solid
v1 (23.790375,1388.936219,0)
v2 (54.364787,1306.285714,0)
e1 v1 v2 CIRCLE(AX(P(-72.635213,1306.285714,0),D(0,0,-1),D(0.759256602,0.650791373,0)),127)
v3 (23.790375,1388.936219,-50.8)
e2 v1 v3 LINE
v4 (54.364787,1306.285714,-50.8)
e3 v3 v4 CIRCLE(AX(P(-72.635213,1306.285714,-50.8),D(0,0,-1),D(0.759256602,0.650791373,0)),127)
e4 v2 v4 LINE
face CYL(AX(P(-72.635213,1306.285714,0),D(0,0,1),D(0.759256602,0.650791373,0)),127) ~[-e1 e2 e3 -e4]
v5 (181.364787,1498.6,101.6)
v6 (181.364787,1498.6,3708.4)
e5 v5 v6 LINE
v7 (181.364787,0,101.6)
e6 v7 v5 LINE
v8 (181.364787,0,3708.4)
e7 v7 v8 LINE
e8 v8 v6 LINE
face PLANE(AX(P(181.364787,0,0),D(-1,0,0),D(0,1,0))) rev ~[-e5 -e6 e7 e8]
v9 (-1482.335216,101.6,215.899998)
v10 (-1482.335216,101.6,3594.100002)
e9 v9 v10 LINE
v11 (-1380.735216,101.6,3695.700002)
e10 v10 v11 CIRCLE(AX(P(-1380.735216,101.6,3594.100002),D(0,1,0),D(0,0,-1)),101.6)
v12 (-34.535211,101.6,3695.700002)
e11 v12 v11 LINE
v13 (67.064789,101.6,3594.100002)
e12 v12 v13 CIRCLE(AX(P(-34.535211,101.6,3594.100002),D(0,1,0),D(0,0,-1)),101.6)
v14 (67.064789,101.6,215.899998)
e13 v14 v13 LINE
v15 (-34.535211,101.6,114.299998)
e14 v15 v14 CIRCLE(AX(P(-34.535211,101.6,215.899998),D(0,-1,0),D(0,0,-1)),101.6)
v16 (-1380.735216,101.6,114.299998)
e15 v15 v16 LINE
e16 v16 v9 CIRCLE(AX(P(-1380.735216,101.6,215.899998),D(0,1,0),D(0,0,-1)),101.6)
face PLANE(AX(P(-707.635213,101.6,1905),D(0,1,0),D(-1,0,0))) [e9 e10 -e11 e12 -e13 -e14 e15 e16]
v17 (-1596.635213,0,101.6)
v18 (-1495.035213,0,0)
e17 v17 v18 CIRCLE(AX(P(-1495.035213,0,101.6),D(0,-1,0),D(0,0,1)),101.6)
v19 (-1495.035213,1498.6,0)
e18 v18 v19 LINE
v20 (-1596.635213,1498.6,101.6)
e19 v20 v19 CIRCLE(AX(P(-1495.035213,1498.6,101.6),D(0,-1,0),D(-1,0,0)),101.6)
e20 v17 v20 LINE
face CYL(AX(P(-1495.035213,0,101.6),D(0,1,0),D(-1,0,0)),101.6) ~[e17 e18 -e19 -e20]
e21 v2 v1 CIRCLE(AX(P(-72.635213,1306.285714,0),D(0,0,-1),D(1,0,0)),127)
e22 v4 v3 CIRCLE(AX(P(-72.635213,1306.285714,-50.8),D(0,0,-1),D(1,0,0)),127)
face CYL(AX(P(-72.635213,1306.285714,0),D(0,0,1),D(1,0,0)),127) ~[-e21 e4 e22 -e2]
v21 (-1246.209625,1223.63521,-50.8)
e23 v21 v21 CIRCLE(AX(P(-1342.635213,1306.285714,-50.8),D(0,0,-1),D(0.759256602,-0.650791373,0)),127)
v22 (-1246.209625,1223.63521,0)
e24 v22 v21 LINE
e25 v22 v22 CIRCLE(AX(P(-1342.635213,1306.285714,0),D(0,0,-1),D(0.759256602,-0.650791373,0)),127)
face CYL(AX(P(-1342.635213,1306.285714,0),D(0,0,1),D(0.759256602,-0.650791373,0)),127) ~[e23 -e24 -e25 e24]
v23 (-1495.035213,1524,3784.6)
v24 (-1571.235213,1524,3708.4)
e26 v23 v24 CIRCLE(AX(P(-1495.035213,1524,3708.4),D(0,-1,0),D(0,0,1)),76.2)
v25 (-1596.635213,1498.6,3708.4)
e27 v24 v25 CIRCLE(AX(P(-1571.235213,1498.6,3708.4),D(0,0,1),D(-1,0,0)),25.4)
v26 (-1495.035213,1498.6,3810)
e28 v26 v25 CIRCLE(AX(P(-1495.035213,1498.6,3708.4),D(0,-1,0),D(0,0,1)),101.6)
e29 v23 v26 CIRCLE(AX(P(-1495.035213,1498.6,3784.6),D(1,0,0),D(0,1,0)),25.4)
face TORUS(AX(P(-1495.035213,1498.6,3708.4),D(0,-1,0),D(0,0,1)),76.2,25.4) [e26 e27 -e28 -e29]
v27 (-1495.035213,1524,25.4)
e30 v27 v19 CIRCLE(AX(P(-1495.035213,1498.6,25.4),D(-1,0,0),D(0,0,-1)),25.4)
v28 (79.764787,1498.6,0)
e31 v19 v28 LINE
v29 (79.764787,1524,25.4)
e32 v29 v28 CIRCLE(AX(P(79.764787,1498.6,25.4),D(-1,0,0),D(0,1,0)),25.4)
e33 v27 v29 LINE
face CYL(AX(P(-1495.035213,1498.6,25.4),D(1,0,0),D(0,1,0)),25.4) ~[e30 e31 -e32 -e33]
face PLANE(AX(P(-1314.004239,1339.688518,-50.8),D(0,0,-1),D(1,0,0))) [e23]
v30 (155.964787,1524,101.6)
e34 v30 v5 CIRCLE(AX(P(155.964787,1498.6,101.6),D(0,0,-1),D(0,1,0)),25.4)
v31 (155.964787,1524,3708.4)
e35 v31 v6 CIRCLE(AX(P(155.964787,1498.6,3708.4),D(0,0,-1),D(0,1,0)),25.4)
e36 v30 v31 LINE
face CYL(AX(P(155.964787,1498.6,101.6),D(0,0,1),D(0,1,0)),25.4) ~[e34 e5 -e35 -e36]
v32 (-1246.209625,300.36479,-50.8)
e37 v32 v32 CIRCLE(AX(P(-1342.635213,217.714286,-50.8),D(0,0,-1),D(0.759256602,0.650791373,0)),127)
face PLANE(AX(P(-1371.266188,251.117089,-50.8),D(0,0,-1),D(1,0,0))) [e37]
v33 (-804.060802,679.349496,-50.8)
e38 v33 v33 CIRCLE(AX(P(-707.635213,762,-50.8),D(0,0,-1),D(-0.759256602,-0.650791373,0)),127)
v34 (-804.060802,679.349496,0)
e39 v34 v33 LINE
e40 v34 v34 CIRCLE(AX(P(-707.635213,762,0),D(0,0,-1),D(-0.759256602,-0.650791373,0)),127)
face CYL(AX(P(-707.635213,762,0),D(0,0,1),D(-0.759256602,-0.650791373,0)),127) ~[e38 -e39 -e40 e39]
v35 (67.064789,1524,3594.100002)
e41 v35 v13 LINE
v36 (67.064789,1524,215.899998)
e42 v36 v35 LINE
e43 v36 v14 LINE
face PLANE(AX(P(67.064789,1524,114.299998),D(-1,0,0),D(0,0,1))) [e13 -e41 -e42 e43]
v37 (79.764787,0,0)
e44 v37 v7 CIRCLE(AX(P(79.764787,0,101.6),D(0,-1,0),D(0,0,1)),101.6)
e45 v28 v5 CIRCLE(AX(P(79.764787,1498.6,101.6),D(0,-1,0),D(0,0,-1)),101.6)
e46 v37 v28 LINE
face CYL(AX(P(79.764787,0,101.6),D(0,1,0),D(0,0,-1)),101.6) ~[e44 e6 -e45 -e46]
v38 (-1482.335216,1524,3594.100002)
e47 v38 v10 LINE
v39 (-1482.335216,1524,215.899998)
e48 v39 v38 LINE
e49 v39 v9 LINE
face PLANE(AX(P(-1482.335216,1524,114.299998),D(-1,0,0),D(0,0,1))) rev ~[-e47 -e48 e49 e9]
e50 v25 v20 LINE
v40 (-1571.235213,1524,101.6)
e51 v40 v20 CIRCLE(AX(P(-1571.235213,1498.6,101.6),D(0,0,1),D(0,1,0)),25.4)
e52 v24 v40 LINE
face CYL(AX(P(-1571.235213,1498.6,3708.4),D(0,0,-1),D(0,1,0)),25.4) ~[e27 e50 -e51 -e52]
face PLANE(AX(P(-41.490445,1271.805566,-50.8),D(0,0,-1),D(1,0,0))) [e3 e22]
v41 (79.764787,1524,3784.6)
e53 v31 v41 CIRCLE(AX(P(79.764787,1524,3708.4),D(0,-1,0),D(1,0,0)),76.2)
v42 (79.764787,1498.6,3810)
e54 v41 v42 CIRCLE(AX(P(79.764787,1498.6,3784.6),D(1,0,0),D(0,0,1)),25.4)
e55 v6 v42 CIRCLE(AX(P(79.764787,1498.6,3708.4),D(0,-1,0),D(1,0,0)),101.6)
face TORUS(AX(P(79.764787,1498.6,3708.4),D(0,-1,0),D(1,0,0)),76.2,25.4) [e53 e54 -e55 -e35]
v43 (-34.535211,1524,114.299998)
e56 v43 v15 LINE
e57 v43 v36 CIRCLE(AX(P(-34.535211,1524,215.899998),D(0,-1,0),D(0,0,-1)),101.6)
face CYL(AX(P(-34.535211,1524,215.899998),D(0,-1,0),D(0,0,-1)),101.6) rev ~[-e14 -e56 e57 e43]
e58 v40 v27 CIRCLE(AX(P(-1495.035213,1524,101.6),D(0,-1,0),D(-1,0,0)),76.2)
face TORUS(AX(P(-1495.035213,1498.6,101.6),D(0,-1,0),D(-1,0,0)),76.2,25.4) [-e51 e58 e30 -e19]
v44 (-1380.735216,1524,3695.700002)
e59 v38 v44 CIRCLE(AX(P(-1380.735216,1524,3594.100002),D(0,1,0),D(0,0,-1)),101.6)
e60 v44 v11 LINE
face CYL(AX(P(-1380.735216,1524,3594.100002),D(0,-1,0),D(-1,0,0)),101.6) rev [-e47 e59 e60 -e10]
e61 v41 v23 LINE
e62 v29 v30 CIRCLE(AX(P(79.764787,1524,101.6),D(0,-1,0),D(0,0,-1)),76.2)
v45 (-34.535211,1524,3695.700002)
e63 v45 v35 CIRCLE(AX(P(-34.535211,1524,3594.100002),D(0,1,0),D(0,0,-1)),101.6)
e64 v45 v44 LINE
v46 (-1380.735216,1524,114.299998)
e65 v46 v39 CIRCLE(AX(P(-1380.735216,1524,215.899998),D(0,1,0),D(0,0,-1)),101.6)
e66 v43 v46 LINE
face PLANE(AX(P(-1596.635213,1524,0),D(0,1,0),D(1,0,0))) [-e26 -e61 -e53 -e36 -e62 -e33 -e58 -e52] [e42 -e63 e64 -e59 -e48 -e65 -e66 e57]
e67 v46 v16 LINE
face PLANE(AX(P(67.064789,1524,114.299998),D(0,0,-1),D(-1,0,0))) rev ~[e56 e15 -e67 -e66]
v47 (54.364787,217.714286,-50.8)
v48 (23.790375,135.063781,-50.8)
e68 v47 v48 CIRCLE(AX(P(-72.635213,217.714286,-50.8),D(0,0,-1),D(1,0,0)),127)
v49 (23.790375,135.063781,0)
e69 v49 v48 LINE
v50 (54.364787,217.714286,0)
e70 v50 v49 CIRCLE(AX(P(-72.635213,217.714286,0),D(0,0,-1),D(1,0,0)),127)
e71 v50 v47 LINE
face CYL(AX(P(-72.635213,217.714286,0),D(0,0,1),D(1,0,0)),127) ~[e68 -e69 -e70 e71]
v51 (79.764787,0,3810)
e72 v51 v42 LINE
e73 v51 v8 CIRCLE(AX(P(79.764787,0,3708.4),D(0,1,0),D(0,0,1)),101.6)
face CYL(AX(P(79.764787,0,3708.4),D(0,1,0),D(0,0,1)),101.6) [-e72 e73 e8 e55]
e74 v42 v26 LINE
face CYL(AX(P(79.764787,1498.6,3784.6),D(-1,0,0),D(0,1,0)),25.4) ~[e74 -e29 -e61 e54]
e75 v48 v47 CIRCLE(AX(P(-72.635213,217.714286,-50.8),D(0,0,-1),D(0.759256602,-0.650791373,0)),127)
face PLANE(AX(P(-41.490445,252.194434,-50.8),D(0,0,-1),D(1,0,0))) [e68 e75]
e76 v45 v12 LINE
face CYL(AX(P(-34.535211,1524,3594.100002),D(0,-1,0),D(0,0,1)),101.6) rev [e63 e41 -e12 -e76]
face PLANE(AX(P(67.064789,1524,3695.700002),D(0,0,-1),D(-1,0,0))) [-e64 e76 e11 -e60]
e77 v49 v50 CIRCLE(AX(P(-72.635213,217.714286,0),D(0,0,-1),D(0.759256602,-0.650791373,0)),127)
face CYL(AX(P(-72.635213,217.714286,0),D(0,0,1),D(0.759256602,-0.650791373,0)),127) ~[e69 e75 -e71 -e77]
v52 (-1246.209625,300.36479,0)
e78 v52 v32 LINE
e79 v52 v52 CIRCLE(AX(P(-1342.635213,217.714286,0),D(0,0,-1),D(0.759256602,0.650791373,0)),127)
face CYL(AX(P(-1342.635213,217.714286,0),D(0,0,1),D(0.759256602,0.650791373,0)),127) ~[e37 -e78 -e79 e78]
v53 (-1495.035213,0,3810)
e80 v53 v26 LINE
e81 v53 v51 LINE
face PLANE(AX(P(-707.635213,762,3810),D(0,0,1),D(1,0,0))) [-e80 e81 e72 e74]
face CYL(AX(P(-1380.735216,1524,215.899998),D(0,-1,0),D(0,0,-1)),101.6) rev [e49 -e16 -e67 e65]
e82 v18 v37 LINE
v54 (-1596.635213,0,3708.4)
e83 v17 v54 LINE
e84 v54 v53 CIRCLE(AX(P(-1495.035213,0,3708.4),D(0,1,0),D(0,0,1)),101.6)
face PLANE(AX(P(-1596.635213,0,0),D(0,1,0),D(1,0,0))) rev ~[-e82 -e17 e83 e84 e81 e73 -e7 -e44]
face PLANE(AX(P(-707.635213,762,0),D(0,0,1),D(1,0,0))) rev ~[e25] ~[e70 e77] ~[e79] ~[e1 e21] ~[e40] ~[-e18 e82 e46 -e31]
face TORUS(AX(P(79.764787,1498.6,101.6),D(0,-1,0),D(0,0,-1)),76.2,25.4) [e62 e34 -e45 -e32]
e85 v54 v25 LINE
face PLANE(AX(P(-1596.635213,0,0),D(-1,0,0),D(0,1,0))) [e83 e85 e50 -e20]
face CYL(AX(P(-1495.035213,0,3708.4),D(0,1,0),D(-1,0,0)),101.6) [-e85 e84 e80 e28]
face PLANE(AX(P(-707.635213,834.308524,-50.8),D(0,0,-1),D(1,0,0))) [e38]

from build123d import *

# Parameters (mm, degrees)
F0_W     = 1778
F0_H     = 1524
F1_DEPTH = 3810
F2_W     = 1549.4000046253
F2_H     = 3581.4000046253
F3_DEPTH = 1422.4
F5_DEPTH = 50.8
F6_R     = 101.6
F7_R     = 25.4


with BuildPart() as f1:
    # F0 (on Top) → F1 (new body)
    with BuildSketch(Plane.XY):
        with Locations((-707.6352133521, 762)):
            Rectangle(F0_W, F0_H)
    extrude(amount=F1_DEPTH)

    # F2 (on face) → F3 (cut)
    with BuildSketch(Plane(origin=(0, 1524, 0), x_dir=(-1, 0, 0), z_dir=(0, 1, 0))):
        with Locations((707.6352133521, 1905)):
            Rectangle(F2_W, F2_H)
    extrude(amount=-F3_DEPTH, mode=Mode.SUBTRACT)

    # F4 (on face) → F5 (join)
    with BuildSketch(Plane(origin=(0, 0, 0), x_dir=(1, 0, 0), z_dir=(0, 0, -1))):
        with BuildLine():
            Line((-611.2096248517, -844.6505044289), (-707.6352133521, -762))
            Line((-707.6352133521, -762), (-804.0608018525, -844.6505044289))
            ThreePointArc((-804.0608018525, -844.6505044289), (-707.6352133521, -889), (-611.2096248517, -844.6505044289))
        make_face()
        with BuildLine():
            Line((-611.2096248517, -679.3494955711), (-707.6352133521, -762))
            Line((-707.6352133521, -762), (-611.2096248517, -844.6505044289))
            ThreePointArc((-611.2096248517, -844.6505044289), (-588.5238164592, -806.0621734623), (-580.6352133521, -762))
            ThreePointArc((-580.6352133521, -762), (-588.5238164592, -717.9378265377), (-611.2096248517, -679.3494955711))
        make_face()
        with BuildLine():
            ThreePointArc((-611.2096248517, -679.3494955711), (-707.6352133521, -635), (-804.0608018525, -679.3494955711))
            Line((-804.0608018525, -679.3494955711), (-707.6352133521, -762))
            Line((-707.6352133521, -762), (-611.2096248517, -679.3494955711))
        make_face()
        with BuildLine():
            Line((-707.6352133521, -762), (-804.0608018525, -679.3494955711))
            ThreePointArc((-804.0608018525, -679.3494955711), (-834.6352133521, -762), (-804.0608018525, -844.6505044289))
            Line((-804.0608018525, -844.6505044289), (-707.6352133521, -762))
        make_face()
        with BuildLine():
            Line((-1246.2096248517, -300.3647901432), (-1439.0608018525, -135.0637812854))
            ThreePointArc((-1439.0608018525, -135.0637812854), (-1425.285717781, -314.1398742147), (-1246.2096248517, -300.3647901432))
        make_face()
        with BuildLine():
            ThreePointArc((-1215.6352133521, -217.7142857143), (-1298.5730398898, -98.6028888214), (-1439.0608018525, -135.0637812854))
            Line((-1439.0608018525, -135.0637812854), (-1246.2096248517, -300.3647901432))
            ThreePointArc((-1246.2096248517, -300.3647901432), (-1223.5238164592, -261.7764591766), (-1215.6352133521, -217.7142857143))
        make_face()
        with BuildLine():
            ThreePointArc((54.3647866479, -217.7142857143), (46.4761835408, -173.6521122519), (23.7903751483, -135.0637812854))
            Line((23.7903751483, -135.0637812854), (-169.0608018525, -300.3647901432))
            ThreePointArc((-169.0608018525, -300.3647901432), (-28.5730398898, -336.8256826072), (54.3647866479, -217.7142857143))
        make_face()
        with BuildLine():
            Line((-169.0608018525, -300.3647901432), (23.7903751483, -135.0637812854))
            ThreePointArc((23.7903751483, -135.0637812854), (-155.285717781, -121.2886972139), (-169.0608018525, -300.3647901432))
        make_face()
        with BuildLine():
            Line((-169.0608018525, -1223.6352098568), (23.7903751483, -1388.9362187146))
            ThreePointArc((23.7903751483, -1388.9362187146), (46.4761835408, -1350.3478877481), (54.3647866479, -1306.2857142857))
            ThreePointArc((54.3647866479, -1306.2857142857), (-28.5730398898, -1187.1743173928), (-169.0608018525, -1223.6352098568))
        make_face()
        with BuildLine():
            ThreePointArc((-169.0608018525, -1223.6352098568), (-155.285717781, -1402.7113027861), (23.7903751483, -1388.9362187146))
            Line((23.7903751483, -1388.9362187146), (-169.0608018525, -1223.6352098568))
        make_face()
        with BuildLine():
            Line((-1246.2096248517, -1223.6352098568), (-1439.0608018525, -1388.9362187146))
            ThreePointArc((-1439.0608018525, -1388.9362187146), (-1298.5730398898, -1425.3971111786), (-1215.6352133521, -1306.2857142857))
            ThreePointArc((-1215.6352133521, -1306.2857142857), (-1223.5238164592, -1262.2235408234), (-1246.2096248517, -1223.6352098568))
        make_face()
        with BuildLine():
            ThreePointArc((-1246.2096248517, -1223.6352098568), (-1425.285717781, -1209.8601257853), (-1439.0608018525, -1388.9362187146))
            Line((-1439.0608018525, -1388.9362187146), (-1246.2096248517, -1223.6352098568))
        make_face()
    extrude(amount=F5_DEPTH)

    # F6
    f6_edges = [f1.edges().sort_by_distance(p)[0] for p in [
        (181.364787, 762, 0),
        (-1596.635213, 762, 0),
        (181.364787, 762, 3810),
        (-1596.635213, 762, 3810),
        (67.064789, 812.8, 3695.700002),
        (-1482.335216, 812.8, 3695.700002),
        (-1482.335216, 812.8, 114.299998),
        (67.064789, 812.8, 114.299998),
    ]]
    fillet(f6_edges, radius=F6_R)

    # F7
    f7_edges = [f1.edges().sort_by_distance(p)[0] for p in [
        (181.364787, 1524, 1905),
    ]]
    fillet(f7_edges, radius=F7_R)


solid = f1.part
